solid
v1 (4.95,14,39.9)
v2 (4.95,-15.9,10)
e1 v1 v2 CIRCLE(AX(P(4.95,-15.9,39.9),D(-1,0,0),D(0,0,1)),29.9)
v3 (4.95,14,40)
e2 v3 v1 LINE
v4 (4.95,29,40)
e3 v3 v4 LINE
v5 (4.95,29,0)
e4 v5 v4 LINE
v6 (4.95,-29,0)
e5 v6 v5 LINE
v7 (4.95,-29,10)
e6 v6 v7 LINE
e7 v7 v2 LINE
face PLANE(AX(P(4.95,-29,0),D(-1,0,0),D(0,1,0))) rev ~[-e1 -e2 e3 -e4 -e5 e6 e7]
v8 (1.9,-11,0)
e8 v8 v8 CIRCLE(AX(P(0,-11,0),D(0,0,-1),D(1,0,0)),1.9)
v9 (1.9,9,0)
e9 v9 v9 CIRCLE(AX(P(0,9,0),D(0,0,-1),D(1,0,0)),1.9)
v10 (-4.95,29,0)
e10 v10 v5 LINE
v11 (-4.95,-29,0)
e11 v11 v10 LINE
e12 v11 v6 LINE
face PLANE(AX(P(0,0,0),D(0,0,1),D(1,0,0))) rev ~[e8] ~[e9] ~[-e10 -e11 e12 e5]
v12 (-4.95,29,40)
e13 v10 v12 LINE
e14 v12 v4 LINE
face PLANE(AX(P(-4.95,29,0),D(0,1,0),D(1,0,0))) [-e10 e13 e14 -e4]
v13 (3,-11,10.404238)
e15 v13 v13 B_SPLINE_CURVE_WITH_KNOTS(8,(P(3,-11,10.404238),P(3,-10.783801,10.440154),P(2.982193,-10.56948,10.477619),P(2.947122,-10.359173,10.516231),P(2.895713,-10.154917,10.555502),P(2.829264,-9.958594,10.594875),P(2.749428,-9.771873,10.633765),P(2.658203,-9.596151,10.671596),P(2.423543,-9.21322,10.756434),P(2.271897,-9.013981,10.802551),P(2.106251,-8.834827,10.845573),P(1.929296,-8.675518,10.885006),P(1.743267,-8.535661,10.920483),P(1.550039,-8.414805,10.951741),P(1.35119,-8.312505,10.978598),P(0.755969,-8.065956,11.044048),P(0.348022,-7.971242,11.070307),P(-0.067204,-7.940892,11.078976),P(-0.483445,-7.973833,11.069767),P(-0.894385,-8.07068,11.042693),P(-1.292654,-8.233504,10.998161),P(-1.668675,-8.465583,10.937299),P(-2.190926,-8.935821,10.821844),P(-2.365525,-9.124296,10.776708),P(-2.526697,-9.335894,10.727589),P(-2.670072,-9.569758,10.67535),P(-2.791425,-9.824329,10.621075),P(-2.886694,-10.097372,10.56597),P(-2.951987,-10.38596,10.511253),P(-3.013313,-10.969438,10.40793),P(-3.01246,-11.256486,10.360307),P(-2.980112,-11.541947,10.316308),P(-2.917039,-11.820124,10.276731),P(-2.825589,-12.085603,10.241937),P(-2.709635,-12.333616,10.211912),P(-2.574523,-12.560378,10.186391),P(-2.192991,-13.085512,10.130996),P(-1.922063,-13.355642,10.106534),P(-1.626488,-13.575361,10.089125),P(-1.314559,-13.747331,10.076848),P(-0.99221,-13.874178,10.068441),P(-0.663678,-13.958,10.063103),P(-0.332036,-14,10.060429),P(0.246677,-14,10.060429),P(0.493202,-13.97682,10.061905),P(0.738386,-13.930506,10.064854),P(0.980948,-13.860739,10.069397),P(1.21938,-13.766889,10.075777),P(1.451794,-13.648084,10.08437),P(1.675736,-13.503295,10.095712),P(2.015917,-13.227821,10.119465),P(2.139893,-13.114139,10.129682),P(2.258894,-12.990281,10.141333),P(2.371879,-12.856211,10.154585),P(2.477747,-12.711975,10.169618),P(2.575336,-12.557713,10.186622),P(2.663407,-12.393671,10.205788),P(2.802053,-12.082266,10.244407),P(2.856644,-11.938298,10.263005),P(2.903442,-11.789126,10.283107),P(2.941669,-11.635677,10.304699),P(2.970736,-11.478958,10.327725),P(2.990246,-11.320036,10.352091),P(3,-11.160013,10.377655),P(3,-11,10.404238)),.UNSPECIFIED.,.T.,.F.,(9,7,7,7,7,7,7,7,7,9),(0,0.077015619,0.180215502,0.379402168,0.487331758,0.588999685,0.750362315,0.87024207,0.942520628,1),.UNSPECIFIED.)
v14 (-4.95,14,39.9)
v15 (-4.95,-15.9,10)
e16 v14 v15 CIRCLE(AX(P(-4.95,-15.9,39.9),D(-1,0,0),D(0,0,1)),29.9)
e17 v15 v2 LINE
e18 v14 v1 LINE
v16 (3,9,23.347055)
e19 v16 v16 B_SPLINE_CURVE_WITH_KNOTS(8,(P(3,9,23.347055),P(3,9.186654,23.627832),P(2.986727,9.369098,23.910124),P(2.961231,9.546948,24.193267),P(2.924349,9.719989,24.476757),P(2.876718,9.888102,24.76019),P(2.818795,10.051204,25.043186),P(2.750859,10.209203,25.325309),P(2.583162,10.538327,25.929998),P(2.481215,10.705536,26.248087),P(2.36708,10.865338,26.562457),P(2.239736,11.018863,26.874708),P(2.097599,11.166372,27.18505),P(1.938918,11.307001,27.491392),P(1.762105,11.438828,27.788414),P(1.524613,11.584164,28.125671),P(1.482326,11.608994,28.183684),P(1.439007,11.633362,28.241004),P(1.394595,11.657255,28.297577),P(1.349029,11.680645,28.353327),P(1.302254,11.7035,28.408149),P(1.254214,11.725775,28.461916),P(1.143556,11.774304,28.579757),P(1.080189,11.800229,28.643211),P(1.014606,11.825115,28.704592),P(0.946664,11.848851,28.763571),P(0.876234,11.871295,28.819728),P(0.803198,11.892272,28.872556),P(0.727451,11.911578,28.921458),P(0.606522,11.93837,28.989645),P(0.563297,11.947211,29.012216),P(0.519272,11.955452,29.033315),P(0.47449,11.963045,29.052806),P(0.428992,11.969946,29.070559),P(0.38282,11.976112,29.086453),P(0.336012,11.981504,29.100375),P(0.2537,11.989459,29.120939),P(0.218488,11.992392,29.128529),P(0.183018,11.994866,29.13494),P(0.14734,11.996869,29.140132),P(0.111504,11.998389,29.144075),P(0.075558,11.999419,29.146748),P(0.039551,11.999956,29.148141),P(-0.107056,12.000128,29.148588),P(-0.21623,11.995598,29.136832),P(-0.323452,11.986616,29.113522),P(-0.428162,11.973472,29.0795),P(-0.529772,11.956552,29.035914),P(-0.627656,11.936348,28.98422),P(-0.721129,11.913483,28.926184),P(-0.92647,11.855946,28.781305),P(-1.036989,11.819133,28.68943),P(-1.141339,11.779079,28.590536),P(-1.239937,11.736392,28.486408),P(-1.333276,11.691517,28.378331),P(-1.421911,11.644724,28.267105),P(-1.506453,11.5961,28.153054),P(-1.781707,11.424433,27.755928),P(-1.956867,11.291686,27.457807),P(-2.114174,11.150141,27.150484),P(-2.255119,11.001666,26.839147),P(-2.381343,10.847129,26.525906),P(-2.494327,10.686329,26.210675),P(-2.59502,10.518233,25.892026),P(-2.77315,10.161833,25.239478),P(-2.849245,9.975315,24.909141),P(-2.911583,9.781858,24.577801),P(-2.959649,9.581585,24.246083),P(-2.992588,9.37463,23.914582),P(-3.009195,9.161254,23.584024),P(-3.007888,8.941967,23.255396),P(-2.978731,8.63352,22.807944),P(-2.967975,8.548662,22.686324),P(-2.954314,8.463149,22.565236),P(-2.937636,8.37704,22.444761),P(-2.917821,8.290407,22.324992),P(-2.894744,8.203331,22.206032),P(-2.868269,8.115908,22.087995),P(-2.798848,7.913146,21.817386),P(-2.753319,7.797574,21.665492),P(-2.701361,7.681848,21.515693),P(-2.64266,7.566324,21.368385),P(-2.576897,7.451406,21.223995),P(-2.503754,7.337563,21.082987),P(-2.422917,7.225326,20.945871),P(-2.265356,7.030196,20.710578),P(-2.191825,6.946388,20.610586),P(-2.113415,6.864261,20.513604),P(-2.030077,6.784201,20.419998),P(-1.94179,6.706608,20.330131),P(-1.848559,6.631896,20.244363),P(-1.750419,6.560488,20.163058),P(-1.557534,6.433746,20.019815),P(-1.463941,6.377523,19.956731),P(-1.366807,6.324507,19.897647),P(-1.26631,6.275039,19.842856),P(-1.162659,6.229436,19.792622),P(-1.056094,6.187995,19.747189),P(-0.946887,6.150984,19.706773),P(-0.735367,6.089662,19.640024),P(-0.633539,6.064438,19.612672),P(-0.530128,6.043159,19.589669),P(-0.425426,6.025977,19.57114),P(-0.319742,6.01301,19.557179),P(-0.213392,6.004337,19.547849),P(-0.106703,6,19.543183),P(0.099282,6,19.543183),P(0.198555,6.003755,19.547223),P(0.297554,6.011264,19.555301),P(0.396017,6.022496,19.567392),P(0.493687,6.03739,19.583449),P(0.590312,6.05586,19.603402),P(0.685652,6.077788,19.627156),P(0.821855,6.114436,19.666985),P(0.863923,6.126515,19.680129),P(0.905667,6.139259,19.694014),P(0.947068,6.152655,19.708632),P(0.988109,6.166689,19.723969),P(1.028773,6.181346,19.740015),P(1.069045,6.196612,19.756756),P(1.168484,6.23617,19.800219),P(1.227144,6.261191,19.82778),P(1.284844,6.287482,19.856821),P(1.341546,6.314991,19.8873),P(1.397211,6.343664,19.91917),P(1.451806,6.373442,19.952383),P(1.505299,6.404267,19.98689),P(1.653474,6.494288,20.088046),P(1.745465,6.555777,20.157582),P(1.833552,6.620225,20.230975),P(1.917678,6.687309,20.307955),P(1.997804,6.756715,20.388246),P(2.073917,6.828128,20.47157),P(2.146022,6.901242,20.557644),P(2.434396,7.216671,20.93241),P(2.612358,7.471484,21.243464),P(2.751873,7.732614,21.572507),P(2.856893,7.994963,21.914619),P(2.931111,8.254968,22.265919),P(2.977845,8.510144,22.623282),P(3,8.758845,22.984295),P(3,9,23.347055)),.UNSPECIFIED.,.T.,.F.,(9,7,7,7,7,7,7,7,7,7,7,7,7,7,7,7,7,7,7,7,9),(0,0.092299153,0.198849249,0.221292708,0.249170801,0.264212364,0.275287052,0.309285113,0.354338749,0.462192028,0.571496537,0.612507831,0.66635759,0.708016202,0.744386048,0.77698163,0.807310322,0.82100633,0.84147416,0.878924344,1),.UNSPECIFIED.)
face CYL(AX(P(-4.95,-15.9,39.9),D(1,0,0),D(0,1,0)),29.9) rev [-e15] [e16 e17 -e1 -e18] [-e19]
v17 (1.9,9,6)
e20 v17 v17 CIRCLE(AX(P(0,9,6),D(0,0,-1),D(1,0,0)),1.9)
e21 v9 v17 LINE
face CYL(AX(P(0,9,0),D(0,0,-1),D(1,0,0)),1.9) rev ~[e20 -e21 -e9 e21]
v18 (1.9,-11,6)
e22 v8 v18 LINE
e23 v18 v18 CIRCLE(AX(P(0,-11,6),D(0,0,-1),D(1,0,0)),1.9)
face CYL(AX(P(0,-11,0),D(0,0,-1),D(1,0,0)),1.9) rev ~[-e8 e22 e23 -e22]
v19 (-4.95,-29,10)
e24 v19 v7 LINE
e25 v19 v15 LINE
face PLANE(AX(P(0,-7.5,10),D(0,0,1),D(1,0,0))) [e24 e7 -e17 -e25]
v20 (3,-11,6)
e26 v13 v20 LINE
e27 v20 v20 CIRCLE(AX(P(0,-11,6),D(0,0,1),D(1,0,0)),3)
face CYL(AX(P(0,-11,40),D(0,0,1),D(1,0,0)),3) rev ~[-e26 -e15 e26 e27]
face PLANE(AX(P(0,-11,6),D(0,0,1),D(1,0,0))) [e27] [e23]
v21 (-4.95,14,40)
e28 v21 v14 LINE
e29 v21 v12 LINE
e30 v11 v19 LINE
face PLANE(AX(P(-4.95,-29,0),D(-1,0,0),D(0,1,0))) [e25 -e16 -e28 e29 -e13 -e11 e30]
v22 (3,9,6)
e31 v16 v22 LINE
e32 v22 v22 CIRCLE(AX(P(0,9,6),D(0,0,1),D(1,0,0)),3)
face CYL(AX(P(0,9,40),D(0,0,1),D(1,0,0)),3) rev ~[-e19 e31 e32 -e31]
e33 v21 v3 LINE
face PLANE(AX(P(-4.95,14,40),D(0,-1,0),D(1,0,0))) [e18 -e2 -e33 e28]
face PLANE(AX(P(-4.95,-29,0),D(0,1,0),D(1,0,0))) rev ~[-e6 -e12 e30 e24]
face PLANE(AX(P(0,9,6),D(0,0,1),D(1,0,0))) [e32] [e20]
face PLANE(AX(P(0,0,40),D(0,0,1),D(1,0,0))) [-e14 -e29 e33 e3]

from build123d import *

# Parameters (mm, degrees)
SKETCH_W        = 9.9
SKETCH_H        = 58
PAD_DEPTH       = 40
SKETCH001_W     = 9.9
SKETCH001_H     = 43
POCKET_DEPTH    = 30
FILLET_R        = 29.9
SKETCH002_R     = 3
POCKET001_DEPTH = 34
SKETCH003_R     = 1.9
POCKET002_DEPTH = 6


with BuildPart() as part:
    # Sketch → Pad (new body)
    with BuildSketch(Plane.XY):
        Rectangle(SKETCH_W, SKETCH_H)
    extrude(amount=PAD_DEPTH)

    # Sketch001 (on Face6 of Pad) → Pocket (cut)
    with BuildSketch(Plane.XY.offset(40)):
        with Locations((0, -7.5)):
            Rectangle(SKETCH001_W, SKETCH001_H)
    extrude(amount=-POCKET_DEPTH, mode=Mode.SUBTRACT)

    # Fillet
    fillet_edges = [part.edges().sort_by_distance(p)[0] for p in [
        (0, 14, 10),
    ]]
    fillet(fillet_edges, radius=FILLET_R)

    # Sketch002 (on Face4 of Fillet) → Pocket001 (cut)
    with BuildSketch(Plane.XY.offset(40)):
        with Locations((0, 9)):
            Circle(SKETCH002_R)
        with Locations((0, -11)):
            Circle(SKETCH002_R)
    extrude(amount=-POCKET001_DEPTH, mode=Mode.SUBTRACT)

    # Sketch003 (on Face8 of Pocket001) → Pocket002 (cut)
    with BuildSketch(Plane(origin=(0, 0, 0), x_dir=(1, 0, 0), z_dir=(0, 0, -1))):
        with Locations((0, -9)):
            Circle(SKETCH003_R)
        with Locations((0, 11)):
            Circle(SKETCH003_R)
    extrude(amount=-POCKET002_DEPTH, mode=Mode.SUBTRACT)


solid = part.part
